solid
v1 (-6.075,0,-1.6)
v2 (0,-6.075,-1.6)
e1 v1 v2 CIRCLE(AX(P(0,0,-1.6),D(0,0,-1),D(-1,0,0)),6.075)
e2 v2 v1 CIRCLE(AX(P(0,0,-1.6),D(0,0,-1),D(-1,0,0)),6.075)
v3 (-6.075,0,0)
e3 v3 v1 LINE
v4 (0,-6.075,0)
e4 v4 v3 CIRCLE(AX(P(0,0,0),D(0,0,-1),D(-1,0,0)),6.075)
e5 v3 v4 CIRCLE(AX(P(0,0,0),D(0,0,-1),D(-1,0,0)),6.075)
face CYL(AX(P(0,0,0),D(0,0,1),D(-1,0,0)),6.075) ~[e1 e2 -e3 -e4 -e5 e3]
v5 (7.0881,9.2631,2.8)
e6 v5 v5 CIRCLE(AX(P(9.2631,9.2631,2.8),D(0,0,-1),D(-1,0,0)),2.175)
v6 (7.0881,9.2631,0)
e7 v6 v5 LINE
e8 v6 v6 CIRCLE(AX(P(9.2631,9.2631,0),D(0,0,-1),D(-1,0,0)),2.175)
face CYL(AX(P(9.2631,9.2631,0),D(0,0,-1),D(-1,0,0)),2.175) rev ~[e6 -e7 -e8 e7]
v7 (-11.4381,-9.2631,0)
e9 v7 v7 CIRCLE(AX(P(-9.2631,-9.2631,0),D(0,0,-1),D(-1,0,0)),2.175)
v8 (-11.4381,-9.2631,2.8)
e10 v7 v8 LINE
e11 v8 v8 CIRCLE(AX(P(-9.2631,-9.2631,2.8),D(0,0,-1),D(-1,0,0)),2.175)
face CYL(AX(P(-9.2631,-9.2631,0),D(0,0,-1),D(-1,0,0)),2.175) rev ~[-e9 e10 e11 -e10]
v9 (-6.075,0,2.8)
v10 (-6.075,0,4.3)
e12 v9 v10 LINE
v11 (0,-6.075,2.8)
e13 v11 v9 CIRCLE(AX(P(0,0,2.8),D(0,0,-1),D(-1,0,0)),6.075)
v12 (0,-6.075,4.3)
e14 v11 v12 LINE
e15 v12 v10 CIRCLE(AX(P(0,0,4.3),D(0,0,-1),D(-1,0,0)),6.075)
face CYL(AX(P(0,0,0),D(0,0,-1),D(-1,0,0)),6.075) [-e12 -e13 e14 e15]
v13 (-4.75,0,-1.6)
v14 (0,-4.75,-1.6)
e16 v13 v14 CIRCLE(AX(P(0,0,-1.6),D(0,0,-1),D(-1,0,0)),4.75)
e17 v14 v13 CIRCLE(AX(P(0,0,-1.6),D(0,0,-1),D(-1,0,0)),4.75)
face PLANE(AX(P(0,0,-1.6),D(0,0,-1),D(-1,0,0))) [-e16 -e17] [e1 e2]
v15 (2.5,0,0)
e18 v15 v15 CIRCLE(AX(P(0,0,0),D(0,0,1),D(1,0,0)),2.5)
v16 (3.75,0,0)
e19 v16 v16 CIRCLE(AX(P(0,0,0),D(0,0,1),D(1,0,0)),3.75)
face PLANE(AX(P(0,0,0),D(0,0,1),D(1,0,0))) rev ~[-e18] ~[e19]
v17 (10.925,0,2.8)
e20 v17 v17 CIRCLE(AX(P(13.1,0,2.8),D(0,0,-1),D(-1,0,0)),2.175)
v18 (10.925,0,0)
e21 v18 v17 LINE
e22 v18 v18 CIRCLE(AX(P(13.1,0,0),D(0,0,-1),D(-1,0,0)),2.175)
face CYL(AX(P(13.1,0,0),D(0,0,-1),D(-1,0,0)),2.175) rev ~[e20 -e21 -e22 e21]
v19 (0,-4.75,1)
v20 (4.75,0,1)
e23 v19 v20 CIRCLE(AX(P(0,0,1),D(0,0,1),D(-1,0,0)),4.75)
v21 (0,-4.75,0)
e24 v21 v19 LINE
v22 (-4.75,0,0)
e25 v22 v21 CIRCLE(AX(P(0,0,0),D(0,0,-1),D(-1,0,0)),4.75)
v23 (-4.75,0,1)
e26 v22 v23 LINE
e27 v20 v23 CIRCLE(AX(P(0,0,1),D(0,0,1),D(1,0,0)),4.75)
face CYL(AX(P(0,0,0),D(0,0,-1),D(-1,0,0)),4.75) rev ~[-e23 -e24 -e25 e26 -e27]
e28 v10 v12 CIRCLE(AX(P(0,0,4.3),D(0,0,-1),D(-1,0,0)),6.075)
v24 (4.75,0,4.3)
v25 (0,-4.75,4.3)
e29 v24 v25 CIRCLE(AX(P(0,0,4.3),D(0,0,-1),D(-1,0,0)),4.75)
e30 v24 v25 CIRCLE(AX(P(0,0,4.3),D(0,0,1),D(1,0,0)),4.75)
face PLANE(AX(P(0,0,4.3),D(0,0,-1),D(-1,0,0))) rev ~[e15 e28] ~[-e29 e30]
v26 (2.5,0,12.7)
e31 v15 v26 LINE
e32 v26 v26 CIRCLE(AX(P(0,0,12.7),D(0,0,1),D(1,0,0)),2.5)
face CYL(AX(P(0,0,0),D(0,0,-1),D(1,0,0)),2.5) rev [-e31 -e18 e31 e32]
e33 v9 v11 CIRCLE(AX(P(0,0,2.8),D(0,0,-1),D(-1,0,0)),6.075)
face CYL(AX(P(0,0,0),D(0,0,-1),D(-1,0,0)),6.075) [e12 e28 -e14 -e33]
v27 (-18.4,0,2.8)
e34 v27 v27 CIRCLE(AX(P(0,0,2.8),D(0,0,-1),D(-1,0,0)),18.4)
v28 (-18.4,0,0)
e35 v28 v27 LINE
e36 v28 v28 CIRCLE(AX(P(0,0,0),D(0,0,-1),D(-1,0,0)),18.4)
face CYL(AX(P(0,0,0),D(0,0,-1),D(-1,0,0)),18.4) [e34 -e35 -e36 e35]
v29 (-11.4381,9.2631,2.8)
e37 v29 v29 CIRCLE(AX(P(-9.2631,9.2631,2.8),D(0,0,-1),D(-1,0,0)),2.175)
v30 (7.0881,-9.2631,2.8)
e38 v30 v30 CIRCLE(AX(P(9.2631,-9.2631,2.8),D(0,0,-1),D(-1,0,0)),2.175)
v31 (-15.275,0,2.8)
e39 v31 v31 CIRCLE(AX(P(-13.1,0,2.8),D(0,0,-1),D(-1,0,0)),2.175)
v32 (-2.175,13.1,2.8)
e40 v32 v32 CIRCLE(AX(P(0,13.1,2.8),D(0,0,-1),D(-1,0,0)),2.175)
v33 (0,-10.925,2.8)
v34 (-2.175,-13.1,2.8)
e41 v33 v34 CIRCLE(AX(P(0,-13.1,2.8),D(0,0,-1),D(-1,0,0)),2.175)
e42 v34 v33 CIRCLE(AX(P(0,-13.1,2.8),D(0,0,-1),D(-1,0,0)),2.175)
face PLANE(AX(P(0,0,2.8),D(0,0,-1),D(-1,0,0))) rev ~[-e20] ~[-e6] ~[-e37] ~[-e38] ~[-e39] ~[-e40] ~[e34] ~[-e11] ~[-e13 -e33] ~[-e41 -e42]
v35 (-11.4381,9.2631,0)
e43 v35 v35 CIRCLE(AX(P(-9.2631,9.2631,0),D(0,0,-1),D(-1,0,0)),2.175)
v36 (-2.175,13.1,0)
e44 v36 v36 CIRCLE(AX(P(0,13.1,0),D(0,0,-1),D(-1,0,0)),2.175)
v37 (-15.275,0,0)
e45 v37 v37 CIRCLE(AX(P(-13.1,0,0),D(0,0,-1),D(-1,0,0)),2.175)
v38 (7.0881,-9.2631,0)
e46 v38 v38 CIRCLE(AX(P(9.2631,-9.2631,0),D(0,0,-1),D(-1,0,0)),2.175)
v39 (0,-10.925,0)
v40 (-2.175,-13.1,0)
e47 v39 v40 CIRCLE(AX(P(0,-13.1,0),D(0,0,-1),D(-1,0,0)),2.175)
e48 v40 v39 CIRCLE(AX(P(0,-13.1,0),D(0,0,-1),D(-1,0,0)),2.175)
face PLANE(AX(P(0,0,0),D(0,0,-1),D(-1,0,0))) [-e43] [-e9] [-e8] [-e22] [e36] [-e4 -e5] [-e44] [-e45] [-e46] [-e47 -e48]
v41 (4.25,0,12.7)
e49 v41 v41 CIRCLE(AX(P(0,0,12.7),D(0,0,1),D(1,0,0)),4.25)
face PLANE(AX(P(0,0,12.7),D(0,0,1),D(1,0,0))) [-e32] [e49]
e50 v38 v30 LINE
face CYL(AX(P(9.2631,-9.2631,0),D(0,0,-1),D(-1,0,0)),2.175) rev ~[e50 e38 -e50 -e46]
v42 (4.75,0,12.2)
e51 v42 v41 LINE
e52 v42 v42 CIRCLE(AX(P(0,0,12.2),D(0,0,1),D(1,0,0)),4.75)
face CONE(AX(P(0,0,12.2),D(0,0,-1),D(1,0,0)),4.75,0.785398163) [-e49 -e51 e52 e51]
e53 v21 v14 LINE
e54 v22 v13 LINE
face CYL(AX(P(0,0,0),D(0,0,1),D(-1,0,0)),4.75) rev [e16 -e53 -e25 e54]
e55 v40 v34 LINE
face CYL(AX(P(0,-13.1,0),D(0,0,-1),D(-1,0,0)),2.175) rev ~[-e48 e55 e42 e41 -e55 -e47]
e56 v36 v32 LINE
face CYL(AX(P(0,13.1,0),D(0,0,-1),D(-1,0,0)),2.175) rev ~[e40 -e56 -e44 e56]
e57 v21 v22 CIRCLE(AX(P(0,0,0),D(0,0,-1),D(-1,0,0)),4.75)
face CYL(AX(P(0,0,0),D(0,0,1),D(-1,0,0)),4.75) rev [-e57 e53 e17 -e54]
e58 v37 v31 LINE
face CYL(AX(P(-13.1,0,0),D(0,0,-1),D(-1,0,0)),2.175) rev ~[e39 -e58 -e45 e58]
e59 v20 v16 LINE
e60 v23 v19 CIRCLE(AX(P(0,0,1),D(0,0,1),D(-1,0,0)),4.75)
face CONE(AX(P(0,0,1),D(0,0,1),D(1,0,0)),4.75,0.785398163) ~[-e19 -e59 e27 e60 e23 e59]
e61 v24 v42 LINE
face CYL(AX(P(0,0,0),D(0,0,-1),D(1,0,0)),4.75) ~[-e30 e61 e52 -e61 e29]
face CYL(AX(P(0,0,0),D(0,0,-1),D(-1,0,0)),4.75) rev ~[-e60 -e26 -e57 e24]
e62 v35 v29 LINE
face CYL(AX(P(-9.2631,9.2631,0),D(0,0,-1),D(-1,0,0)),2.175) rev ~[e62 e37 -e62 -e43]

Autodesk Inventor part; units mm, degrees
ref_plane "YZ Plane" through (0, 0, 0) normal (1, 0, 0) x (0, 1, 0)
ref_plane "XZ Plane" through (0, 0, 0) normal (0, 1, 0) x (-1, 0, 0)
ref_plane "XY Plane" through (0, 0, 0) normal (0, 0, 1) x (1, 0, 0)
sketch "Boceto1" plane through (0, 0, 0) normal (0, 0, 1) x (1, 0, 0)
  circle A0 centre (0, 0) radius 4.75
  circle A1 centre (0, 0) radius 2.5
  dimension "d0" = 9.5
  dimension "d1" = 5
extrude "Extrusión1" add sketch "Boceto1" along normal blind 12.7
chamfer "Chaflán1" distance 1 angle 45 1 edges at (-4.75, 0, 0)
chamfer "Chaflán2" distance 0.5 angle 45 1 edges at (-4.75, 0, 12.7)
sketch "Boceto2" plane through (0, 0, 0) normal (0, 0, -1) x (-1, 0, 0)
  circle A0 centre (0, 0) radius 4.75
  circle A1 centre (0, 0) radius 6.075
  circle A2 centre (0, 0) radius 19.5
  circle A3 centre (0, 0) radius 4.25 projected
  circle A4 centre (0, 0) radius 18.4
  line L0 (0, 0) -> (0, -13.1)
  circle A5 centre (0, -13.1) radius 2.175
  circle A6 centre (9.2631, -9.2631) radius 2.175
  circle A7 centre (13.1, 0) radius 2.175
  circle A8 centre (9.2631, 9.2631) radius 2.175
  circle A9 centre (0, 13.1) radius 2.175
  circle A10 centre (-9.2631, 9.2631) radius 2.175
  circle A11 centre (-13.1, 0) radius 2.175
  circle A12 centre (-9.2631, -9.2631) radius 2.175
  dimension "d10" = 12.15
  dimension "d11" = 39
  dimension "d12" = 36.8
  dimension "d13" = 13.1
  dimension "d14" = 4.35
  dimension "d17" = 360
extrude "Extrusión2" add sketch "Boceto2" against normal blind 2.8 contours A1
extrude "Extrusión3" add sketch "Boceto2" against normal blind 2.8 contours A4
extrude "Extrusión4" add sketch "Boceto2" along normal blind 1.6 contours A1
extrude "Extrusión5" add sketch "Boceto2" against normal blind 4.3 contours A1
sketch "Boceto3" plane through (0, 0, 0) normal (0, 0, -1) x (-1, 0, 0)
  point P0 (0, 0)
properties part number "engraneGrande" material "Plástico ABS"
